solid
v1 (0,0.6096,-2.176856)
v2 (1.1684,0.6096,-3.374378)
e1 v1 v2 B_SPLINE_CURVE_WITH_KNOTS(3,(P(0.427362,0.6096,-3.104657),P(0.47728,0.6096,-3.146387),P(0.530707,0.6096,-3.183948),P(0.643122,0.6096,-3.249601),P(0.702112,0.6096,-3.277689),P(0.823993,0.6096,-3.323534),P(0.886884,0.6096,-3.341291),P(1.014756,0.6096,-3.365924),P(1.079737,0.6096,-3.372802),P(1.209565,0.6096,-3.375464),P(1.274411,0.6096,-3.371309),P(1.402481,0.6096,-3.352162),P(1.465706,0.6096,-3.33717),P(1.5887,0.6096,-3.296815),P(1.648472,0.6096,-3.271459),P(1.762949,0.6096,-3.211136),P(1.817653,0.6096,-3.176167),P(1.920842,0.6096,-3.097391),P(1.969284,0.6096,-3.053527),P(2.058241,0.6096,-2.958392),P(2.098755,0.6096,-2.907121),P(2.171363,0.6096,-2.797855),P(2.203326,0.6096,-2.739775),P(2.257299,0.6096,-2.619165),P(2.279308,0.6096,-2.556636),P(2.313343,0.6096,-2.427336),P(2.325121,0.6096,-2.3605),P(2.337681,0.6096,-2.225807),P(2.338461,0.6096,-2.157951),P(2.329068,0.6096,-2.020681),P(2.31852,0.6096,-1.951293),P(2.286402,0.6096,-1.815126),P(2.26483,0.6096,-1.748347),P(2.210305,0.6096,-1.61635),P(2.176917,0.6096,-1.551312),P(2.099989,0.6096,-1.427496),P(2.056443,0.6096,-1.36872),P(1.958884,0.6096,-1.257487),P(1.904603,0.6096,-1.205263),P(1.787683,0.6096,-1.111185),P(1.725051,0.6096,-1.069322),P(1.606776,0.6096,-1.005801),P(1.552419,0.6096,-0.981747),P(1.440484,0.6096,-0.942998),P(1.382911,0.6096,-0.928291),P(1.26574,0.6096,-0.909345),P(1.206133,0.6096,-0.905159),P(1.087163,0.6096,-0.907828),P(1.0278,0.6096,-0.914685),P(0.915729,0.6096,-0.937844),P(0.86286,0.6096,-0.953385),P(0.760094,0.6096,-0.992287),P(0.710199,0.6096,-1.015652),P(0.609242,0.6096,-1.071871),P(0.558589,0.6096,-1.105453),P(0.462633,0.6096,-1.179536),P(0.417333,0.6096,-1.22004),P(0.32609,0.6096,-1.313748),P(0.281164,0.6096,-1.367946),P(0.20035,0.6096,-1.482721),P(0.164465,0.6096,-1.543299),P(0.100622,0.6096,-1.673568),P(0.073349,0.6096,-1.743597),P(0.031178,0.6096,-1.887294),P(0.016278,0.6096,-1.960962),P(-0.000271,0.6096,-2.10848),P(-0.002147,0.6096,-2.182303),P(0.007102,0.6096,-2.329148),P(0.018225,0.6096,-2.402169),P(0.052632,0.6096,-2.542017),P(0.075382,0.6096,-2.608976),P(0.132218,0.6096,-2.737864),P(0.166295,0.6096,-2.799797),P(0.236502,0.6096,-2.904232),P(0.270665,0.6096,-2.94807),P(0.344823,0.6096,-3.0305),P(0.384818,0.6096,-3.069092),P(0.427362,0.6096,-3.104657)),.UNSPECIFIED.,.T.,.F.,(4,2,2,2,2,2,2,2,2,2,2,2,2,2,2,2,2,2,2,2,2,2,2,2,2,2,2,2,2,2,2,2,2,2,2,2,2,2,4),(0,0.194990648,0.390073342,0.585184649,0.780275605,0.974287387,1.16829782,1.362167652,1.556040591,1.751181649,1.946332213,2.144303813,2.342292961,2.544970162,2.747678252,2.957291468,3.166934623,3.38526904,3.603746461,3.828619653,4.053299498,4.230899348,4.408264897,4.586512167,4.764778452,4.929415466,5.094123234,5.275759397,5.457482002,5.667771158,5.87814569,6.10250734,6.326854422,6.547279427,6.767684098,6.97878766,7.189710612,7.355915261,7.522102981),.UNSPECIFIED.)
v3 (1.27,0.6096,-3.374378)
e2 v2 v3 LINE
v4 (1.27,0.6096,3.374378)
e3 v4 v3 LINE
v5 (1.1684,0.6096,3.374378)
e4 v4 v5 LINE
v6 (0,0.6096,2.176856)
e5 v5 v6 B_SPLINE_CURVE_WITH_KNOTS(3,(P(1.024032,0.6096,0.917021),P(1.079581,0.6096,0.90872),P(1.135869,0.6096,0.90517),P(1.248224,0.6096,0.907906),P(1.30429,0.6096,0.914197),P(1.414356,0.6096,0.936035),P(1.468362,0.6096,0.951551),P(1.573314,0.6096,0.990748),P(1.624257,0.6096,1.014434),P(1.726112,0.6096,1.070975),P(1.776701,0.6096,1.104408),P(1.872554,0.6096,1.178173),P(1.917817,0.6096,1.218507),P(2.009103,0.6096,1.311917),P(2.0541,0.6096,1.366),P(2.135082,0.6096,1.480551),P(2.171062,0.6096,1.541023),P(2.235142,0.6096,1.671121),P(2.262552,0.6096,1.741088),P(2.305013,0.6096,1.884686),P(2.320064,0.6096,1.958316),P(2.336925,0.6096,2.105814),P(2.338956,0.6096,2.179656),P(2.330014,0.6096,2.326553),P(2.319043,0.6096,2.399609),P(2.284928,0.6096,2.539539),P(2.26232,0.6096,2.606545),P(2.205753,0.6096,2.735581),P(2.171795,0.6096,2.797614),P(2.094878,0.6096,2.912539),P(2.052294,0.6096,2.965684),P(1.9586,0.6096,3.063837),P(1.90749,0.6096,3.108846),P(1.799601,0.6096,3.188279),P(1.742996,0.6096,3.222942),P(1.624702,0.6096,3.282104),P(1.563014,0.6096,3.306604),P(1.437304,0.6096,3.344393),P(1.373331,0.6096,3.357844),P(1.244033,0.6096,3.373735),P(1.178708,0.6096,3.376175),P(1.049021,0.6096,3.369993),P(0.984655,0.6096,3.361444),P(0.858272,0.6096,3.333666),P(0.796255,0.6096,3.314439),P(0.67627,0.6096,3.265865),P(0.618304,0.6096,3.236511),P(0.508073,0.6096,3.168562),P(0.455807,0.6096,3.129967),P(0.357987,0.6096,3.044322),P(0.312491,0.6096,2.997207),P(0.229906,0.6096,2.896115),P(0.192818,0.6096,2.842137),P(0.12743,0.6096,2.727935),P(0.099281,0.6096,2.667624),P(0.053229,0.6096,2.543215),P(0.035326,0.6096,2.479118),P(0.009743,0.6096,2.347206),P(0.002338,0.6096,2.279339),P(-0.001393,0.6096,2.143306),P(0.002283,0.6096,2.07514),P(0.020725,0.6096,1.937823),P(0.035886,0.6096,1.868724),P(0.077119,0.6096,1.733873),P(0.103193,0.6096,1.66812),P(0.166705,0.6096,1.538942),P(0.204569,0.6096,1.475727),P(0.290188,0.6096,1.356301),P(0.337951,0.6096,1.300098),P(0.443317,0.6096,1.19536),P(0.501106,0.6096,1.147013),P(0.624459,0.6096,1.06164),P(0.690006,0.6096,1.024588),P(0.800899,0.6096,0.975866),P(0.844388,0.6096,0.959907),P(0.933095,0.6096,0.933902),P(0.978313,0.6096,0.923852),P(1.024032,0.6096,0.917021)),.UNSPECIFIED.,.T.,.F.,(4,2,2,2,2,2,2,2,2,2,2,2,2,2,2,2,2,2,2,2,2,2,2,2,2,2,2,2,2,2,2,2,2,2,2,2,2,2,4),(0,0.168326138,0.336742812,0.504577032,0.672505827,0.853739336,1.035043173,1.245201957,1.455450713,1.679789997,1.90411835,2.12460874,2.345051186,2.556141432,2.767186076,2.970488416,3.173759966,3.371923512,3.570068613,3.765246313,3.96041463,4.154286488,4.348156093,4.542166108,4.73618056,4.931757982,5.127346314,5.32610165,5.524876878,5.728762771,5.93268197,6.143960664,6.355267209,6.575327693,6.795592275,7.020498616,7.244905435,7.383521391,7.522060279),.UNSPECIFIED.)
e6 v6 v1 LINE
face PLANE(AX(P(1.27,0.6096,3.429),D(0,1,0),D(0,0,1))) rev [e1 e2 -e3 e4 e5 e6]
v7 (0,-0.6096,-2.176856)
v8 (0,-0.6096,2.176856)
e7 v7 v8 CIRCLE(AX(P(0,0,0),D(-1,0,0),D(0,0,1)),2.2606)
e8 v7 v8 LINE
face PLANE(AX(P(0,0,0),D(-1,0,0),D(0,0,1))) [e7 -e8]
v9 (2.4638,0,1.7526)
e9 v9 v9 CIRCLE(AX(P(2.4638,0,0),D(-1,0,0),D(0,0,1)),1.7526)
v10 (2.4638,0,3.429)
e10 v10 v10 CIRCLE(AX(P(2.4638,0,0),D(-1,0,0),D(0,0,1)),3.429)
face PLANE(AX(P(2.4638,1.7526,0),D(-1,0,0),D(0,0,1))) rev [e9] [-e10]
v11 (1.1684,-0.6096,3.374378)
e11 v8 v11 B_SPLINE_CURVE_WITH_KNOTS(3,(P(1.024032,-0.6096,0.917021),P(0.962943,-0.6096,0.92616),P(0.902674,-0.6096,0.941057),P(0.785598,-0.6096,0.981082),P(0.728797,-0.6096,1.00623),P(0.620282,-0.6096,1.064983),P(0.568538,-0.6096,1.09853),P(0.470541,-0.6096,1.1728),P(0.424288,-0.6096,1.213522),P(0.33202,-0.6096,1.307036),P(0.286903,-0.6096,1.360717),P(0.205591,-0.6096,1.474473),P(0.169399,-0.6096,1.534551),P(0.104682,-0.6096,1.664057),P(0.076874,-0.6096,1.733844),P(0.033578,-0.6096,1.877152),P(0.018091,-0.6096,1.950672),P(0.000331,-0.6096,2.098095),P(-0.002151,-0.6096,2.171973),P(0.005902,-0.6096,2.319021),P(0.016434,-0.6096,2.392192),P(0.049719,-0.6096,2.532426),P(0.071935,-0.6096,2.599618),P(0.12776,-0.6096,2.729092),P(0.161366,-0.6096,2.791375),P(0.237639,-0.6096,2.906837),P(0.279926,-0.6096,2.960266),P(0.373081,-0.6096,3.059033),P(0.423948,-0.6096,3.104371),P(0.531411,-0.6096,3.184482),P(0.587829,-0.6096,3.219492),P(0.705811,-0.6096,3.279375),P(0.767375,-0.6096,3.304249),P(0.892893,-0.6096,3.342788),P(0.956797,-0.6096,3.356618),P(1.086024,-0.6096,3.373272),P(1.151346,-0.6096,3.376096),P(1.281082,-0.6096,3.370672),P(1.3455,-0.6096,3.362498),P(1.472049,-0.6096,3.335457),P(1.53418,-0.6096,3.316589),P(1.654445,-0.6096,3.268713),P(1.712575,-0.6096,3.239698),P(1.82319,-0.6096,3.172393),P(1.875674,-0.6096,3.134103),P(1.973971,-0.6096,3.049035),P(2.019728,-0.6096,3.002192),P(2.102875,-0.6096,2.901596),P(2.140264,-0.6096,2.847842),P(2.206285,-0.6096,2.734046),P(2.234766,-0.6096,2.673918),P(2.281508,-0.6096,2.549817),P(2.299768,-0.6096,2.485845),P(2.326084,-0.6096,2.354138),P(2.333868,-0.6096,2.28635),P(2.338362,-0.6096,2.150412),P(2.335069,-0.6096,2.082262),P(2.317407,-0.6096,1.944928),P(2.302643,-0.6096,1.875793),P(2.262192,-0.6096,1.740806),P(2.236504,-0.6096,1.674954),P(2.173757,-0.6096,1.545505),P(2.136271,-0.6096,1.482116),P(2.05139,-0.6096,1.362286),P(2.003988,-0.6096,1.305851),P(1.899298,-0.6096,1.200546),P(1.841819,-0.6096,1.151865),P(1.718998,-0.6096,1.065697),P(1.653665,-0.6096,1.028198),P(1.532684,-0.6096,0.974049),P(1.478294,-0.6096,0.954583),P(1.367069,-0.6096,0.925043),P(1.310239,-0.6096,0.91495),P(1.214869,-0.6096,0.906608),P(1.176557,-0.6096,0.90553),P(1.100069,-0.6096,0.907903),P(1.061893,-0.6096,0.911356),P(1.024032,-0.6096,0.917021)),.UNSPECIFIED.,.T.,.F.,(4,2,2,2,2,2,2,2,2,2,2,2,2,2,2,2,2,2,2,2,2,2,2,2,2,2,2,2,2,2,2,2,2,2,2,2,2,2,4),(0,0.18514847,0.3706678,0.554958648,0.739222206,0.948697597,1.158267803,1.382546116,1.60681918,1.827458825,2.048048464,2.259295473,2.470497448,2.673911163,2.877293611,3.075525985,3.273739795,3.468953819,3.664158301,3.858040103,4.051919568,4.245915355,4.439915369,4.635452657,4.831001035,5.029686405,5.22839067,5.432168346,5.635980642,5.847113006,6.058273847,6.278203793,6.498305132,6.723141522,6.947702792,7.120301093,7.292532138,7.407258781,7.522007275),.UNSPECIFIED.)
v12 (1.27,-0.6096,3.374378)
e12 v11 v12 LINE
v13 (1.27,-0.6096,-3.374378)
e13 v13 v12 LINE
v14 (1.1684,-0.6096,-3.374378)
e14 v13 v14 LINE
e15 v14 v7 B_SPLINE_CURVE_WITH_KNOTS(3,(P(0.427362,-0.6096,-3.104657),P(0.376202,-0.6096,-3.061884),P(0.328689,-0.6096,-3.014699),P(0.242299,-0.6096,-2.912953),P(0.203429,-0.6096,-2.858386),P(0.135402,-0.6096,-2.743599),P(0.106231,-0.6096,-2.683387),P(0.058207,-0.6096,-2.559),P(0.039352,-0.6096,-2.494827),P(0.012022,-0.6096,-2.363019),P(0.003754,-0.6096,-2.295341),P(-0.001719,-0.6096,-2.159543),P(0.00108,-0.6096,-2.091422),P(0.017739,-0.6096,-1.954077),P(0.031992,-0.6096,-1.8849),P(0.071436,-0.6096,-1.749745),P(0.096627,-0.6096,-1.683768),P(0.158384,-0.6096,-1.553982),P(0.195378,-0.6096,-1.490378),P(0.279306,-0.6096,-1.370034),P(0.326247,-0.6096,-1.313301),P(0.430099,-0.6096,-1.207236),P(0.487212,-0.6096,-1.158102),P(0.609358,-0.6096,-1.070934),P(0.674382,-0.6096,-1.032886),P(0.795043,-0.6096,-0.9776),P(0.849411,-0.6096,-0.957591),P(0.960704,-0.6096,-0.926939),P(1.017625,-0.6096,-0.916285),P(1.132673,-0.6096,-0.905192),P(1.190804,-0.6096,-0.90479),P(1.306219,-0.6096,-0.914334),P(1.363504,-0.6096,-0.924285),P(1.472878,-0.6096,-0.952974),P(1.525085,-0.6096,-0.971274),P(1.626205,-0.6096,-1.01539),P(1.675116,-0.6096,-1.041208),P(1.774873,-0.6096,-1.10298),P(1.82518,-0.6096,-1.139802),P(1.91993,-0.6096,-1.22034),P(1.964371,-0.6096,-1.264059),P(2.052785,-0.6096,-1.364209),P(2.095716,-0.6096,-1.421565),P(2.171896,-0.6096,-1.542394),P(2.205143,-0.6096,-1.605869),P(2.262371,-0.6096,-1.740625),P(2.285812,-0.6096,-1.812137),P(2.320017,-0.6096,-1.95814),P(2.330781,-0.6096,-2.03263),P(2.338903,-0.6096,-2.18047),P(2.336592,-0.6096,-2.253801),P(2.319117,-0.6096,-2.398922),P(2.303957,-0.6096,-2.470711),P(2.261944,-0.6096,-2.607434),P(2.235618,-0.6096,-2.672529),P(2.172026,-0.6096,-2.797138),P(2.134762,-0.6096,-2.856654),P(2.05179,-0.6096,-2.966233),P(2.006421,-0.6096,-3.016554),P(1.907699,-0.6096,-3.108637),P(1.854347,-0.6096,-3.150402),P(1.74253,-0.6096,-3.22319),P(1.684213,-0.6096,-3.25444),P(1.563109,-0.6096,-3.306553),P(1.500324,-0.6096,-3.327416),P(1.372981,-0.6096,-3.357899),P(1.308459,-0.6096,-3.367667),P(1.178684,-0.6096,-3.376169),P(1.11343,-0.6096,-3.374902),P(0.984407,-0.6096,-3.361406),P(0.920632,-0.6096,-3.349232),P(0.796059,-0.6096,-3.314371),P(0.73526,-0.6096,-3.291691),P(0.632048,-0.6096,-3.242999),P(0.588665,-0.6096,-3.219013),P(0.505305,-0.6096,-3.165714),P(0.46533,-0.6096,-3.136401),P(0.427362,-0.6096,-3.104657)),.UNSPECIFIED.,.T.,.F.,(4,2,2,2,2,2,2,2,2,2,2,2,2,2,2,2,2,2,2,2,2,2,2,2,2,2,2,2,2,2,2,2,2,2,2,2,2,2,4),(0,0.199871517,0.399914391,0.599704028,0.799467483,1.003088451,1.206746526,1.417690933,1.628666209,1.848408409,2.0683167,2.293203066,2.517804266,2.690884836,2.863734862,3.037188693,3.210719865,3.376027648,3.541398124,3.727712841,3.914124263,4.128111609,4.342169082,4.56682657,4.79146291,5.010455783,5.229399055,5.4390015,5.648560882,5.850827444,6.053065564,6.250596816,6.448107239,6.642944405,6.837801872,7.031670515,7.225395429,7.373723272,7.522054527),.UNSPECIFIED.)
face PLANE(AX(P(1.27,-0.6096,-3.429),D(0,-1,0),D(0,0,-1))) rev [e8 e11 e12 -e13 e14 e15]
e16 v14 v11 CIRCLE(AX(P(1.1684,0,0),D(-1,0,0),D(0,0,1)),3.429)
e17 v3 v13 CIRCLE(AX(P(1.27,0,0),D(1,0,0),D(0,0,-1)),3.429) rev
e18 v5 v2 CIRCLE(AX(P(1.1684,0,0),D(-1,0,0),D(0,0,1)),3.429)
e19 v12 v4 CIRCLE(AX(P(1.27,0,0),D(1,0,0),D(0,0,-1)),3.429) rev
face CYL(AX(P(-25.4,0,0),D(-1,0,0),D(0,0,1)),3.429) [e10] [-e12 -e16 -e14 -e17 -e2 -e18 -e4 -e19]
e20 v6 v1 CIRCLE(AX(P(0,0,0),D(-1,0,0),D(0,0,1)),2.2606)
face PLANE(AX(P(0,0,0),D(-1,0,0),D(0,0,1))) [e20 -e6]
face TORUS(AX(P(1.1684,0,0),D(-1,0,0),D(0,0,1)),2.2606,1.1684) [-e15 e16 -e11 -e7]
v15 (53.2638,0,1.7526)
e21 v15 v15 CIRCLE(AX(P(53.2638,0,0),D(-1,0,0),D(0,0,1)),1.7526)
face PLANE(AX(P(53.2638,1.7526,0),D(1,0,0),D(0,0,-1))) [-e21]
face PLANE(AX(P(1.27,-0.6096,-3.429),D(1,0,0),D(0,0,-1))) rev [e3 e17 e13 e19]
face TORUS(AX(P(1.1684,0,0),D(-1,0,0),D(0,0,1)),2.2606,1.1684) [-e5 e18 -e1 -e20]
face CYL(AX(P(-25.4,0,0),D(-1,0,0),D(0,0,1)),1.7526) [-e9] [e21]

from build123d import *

# Parameters (mm, degrees)
SKETCH2_W  = 6.858
SKETCH2_H  = 1.2192
SLOT_DEPTH = 1.27


with BuildPart() as part:
    # BodySke → Base-Revolve (revolve)
    with BuildSketch(Plane.XY, mode=Mode.PRIVATE) as base_revolve_sk:
        with BuildLine():
            Line((2.4638, 1.7526), (2.4638, 3.429))
            Line((2.4638, 3.429), (1.1684, 3.429))
            ThreePointArc((1.1684, 3.429), (0.342216437, 3.086783563), (0, 2.2606))
            Line((0, 2.2606), (0, 0))
            Line((0, 0), (53.2638, 0))
            Line((53.2638, 0), (53.2638, 1.7526))
            Line((53.2638, 1.7526), (2.4638, 1.7526))
        make_face()
    revolve(base_revolve_sk.sketch.rotate(Axis((-25.4, 0, 0), (1, 0, 0)), 90), axis=Axis((-25.4, 0, 0), (1, 0, 0)))

    # Sketch2 → Slot (cut)
    with BuildSketch(Plane(origin=(0, 0, 0), x_dir=(0, 0, -1), z_dir=(1, 0, 0))):
        Rectangle(SKETCH2_W, SKETCH2_H)
    extrude(amount=SLOT_DEPTH, mode=Mode.SUBTRACT)


solid = part.part
